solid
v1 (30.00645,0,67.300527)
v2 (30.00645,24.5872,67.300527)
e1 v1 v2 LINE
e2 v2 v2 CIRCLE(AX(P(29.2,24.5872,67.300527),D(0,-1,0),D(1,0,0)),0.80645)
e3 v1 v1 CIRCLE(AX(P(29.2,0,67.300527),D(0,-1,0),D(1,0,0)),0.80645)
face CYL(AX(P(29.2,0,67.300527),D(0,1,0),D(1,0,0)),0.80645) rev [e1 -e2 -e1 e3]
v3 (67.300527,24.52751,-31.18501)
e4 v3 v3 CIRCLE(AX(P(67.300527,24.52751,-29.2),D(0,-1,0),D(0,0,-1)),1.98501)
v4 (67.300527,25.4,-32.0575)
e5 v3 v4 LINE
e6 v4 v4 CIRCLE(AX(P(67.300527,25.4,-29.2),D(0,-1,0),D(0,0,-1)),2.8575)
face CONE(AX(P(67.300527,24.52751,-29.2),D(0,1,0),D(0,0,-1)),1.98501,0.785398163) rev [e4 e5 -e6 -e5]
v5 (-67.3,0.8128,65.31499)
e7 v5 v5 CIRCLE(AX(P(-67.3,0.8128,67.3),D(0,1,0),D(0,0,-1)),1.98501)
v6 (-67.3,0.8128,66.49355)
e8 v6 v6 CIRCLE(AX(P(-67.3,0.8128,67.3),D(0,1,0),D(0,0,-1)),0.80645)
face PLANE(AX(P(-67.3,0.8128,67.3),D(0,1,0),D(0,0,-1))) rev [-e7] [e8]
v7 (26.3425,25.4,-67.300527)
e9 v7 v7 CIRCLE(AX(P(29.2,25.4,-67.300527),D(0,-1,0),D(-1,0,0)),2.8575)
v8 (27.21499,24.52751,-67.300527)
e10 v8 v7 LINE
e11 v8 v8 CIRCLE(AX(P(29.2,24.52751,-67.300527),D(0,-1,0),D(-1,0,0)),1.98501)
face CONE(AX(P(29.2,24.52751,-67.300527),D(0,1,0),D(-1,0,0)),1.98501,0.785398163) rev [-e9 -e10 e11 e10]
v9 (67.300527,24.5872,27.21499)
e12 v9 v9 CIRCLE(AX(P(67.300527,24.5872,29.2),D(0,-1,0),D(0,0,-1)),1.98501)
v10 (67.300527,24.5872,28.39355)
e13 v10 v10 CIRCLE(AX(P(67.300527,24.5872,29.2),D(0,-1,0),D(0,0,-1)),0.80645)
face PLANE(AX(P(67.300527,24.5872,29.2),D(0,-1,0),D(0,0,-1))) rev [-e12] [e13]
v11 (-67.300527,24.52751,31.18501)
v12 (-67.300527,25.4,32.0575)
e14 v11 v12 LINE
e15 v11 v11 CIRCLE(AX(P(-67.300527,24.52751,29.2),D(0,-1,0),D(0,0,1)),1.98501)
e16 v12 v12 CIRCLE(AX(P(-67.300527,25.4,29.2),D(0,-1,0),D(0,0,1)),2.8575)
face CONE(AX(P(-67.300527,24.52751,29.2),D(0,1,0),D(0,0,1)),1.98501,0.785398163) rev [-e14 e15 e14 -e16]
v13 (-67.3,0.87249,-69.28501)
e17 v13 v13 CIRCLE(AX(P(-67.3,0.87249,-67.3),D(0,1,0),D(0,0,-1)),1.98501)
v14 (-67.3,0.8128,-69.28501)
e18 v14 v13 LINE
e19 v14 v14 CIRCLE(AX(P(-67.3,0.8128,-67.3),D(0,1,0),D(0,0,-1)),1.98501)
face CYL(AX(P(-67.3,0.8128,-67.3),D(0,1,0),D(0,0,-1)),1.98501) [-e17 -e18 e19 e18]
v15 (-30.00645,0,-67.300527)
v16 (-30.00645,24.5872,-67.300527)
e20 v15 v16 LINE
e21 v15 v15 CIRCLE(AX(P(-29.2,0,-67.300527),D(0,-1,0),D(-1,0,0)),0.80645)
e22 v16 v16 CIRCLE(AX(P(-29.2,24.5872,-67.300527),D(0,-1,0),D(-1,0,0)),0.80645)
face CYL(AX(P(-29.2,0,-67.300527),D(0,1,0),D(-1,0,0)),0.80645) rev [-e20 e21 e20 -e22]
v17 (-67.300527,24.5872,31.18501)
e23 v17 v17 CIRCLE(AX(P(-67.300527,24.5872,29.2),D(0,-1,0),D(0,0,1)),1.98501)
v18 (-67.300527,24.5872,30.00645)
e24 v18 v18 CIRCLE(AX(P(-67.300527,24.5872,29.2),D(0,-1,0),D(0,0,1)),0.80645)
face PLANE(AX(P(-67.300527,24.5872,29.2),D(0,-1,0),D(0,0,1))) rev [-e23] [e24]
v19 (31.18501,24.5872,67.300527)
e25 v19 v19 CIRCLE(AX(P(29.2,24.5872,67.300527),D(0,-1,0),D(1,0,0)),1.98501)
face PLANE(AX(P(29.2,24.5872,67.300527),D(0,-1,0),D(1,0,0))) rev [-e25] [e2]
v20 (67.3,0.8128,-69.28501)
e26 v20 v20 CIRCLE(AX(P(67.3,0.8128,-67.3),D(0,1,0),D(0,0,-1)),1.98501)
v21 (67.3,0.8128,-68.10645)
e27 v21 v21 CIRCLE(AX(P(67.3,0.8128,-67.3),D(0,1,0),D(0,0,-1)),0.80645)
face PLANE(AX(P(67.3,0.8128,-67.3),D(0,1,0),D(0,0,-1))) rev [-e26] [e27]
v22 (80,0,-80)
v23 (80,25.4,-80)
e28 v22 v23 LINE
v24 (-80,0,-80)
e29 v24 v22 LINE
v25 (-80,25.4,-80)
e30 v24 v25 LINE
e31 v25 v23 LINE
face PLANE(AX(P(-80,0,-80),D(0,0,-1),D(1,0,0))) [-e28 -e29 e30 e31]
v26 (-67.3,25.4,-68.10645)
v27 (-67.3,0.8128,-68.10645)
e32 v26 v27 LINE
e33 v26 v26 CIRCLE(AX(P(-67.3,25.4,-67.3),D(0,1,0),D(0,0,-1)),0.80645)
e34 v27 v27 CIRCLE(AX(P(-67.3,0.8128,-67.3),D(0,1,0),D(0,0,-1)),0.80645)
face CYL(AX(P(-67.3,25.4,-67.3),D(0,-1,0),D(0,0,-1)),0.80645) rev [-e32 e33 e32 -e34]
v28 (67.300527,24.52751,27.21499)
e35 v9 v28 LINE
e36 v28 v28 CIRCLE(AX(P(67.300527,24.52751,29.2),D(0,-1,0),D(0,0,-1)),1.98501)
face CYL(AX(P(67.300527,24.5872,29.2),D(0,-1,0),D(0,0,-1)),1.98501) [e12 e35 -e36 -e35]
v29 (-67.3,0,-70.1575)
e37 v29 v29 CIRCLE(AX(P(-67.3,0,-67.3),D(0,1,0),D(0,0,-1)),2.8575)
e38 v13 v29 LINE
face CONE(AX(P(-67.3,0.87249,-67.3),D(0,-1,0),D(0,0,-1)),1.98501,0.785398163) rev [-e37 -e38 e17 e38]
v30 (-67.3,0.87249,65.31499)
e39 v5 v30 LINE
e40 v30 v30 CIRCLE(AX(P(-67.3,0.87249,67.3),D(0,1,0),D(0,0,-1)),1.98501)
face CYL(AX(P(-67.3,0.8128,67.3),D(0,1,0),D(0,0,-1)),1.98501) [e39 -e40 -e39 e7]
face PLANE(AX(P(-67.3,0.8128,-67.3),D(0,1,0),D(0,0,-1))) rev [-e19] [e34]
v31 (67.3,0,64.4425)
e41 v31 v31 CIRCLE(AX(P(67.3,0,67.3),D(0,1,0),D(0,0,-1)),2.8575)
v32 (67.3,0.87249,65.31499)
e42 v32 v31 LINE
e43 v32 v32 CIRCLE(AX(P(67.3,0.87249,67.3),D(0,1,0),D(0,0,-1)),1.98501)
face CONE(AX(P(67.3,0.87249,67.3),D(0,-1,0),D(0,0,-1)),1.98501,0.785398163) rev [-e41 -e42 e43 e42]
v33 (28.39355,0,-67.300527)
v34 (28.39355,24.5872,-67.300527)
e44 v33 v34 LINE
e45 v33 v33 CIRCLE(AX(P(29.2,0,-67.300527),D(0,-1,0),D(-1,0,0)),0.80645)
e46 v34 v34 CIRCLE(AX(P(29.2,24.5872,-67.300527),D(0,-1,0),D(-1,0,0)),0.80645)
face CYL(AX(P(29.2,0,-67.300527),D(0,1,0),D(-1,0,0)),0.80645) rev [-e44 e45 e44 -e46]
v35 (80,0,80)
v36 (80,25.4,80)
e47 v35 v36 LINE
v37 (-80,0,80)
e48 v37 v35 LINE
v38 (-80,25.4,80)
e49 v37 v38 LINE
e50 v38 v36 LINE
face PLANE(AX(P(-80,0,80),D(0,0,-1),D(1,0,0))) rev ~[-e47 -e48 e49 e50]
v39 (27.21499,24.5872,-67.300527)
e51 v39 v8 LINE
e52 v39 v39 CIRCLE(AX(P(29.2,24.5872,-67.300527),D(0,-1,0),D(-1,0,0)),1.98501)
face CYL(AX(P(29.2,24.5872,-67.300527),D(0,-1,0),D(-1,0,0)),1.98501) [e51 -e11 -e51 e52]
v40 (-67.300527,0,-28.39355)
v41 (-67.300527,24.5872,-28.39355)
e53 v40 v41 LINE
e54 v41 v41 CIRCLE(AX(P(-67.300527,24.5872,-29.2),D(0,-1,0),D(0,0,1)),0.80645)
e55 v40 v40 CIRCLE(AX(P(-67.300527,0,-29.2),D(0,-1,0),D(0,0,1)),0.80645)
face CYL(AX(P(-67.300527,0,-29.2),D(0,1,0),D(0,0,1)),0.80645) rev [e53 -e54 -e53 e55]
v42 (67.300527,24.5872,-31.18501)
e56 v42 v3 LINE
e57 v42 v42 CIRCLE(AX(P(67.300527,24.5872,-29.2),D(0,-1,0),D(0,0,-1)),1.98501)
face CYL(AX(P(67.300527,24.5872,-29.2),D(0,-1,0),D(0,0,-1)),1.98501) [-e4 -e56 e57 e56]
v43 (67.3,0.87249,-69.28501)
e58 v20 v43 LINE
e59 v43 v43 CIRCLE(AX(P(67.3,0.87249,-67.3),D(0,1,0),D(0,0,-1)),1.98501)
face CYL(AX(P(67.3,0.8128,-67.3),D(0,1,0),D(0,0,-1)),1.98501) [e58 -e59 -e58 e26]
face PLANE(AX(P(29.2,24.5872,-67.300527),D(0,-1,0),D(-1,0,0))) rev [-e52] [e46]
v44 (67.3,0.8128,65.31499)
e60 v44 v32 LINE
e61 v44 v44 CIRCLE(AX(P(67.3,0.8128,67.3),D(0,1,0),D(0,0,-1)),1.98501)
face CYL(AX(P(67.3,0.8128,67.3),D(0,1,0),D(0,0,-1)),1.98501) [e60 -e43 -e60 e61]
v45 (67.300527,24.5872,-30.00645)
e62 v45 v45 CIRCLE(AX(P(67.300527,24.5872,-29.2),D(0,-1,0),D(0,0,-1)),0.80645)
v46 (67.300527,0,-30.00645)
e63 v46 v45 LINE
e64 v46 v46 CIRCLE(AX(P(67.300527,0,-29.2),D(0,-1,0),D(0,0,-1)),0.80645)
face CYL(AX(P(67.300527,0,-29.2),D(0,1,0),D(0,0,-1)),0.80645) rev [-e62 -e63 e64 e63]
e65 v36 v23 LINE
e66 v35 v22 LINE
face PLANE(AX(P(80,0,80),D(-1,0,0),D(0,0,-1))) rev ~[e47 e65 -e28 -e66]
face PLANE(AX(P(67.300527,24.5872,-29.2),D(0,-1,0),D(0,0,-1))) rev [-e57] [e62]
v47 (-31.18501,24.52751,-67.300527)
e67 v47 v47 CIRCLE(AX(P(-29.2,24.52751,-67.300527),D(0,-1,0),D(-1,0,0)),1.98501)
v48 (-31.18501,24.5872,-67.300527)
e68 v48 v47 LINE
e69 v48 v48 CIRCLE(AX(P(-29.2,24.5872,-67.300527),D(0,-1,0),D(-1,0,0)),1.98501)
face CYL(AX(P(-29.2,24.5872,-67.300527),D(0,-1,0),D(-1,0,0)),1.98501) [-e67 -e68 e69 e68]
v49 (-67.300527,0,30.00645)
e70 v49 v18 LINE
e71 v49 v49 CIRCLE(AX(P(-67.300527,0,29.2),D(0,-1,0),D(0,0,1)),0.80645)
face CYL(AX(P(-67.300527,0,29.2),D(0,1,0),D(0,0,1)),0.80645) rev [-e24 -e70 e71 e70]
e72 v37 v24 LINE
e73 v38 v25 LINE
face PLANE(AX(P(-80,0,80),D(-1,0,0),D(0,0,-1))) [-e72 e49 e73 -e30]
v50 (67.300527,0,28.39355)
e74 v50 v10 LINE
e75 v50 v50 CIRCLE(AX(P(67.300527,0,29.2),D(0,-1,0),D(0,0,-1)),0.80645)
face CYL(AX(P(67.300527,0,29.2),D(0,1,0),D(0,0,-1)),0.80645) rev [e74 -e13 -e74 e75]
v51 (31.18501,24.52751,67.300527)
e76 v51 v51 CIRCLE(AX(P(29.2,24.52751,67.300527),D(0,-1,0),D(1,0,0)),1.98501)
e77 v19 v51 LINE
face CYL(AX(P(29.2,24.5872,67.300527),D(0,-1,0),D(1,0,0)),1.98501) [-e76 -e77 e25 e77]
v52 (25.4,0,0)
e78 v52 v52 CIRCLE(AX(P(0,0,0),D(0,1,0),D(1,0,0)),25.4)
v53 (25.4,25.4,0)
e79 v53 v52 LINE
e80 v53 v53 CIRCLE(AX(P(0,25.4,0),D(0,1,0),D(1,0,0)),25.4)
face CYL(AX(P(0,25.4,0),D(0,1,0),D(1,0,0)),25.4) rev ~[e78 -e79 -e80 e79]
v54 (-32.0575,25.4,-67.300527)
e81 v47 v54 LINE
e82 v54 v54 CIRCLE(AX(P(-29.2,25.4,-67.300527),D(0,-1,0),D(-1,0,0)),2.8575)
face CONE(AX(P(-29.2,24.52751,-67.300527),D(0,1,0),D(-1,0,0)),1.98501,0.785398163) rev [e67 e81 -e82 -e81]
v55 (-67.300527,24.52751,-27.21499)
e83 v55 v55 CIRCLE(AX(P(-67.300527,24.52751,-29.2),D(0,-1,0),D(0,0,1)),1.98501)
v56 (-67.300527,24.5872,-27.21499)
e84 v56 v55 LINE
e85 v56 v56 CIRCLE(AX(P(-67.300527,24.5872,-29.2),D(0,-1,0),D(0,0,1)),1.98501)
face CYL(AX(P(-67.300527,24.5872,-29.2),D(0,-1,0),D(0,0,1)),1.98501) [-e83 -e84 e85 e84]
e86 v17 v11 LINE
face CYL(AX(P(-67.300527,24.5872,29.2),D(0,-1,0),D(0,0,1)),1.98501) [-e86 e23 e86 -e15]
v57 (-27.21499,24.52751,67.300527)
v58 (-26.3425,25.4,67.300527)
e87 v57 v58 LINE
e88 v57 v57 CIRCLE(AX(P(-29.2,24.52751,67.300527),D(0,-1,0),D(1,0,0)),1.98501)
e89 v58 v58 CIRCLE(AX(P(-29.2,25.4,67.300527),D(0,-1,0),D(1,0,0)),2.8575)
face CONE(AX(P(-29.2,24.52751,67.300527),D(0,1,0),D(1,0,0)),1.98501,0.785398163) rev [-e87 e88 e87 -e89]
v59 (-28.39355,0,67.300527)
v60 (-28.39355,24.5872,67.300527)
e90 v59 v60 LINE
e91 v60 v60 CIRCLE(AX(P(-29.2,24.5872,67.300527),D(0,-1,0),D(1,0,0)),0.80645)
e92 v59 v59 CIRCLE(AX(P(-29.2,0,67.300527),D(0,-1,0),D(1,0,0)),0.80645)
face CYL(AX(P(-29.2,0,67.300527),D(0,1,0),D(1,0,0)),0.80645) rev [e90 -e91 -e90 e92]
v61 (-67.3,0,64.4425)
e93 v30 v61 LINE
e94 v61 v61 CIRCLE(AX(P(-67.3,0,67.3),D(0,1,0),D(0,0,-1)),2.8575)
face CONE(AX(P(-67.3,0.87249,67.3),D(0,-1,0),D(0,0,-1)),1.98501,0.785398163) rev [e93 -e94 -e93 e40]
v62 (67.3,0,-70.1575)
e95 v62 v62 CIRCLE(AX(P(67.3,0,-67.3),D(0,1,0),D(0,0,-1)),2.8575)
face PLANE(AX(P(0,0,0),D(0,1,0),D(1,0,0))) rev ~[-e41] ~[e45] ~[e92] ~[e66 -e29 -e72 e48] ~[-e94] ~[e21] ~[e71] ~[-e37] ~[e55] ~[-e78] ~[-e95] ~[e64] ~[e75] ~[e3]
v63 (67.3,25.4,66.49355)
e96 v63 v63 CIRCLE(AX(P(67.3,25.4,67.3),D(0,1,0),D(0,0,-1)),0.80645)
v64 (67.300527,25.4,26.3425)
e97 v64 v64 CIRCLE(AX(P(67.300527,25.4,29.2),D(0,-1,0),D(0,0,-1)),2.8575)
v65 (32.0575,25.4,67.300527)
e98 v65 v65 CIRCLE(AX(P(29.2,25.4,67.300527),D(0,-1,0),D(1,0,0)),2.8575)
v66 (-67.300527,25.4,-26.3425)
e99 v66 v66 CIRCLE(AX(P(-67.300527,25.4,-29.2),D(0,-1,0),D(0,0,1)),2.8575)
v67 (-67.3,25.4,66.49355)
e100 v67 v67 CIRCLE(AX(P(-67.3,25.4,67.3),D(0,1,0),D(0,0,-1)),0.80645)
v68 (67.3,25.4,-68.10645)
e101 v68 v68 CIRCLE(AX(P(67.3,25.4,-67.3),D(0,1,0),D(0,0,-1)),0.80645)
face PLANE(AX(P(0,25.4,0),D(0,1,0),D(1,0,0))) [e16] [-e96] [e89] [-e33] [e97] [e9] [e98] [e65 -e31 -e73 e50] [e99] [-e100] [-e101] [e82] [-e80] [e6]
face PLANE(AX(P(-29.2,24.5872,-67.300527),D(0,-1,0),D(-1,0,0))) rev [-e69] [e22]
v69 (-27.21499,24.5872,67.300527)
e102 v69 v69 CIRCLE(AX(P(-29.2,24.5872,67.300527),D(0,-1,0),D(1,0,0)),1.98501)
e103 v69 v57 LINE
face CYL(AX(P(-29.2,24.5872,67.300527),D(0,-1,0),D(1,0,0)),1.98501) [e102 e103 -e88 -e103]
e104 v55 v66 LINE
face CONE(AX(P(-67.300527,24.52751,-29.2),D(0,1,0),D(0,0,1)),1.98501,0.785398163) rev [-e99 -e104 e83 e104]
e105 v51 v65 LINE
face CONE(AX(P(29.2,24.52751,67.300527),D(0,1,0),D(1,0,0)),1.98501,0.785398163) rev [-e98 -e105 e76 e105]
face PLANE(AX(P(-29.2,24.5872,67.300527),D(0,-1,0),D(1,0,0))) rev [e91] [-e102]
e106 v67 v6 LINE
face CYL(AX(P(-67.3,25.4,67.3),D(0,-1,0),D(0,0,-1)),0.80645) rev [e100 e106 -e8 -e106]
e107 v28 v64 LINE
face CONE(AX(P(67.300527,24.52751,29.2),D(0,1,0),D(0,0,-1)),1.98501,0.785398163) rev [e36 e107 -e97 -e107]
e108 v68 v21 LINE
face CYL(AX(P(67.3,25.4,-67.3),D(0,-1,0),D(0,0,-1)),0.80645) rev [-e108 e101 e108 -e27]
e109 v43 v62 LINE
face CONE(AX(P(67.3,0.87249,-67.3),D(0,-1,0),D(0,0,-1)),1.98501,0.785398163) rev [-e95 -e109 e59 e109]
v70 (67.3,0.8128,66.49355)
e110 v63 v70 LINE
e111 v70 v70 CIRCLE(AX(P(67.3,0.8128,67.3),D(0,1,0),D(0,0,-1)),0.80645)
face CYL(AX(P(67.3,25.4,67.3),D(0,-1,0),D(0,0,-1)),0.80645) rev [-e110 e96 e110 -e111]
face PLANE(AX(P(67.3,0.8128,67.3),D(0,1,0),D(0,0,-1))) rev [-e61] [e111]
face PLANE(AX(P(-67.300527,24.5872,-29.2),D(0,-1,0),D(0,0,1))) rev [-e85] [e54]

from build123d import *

# Parameters (mm, degrees)
SKETCH1_W                                   = 160
SKETCH1_H                                   = 160
BOSS_EXTRUDE1_DEPTH                         = 25.4
CBORE_FOR_0_BINDING_HEAD_MACHINE_SC_2_COUNT = 2
CBORE_FOR_0_BINDING_HEAD_MACHINE_SC_2_PITCH = 134.6
CBORE_FOR_0_BINDING_HEAD_MACHINE_SC_3_COUNT = 2
CBORE_FOR_0_BINDING_HEAD_MACHINE_SC_3_PITCH = 190.353145495
CBORE_FOR_0_BINDING_HEAD_MACHINE_SC_4_COUNT = 2
CBORE_FOR_0_BINDING_HEAD_MACHINE_SC_4_PITCH = 134.6
CBORE_FOR_0_BINDING_HEAD_MACHINE_SC_5_COUNT = 2
CBORE_FOR_0_BINDING_HEAD_MACHINE_SC_5_PITCH = 58.400000007
CIRPATTERN1_COUNT                           = 4
SKETCH6_R                                   = 25.4
CUT_EXTRUDE1_DEPTH                          = 116.953266448


with BuildPart() as part:
    # Sketch1 → Boss-Extrude1 (new body)
    with BuildSketch(Plane(origin=(0, 0, 0), x_dir=(1, 0, 0), z_dir=(0, 1, 0))):
        Rectangle(SKETCH1_W, SKETCH1_H)
    extrude(amount=BOSS_EXTRUDE1_DEPTH)

    # Sketch3 → CBORE for #0 Binding Head Machine Screw1 (revolve, cut)
    with BuildSketch(Plane(origin=(-67.3, 0, -67.3), x_dir=(0, 0, -1), z_dir=(1, 0, 0))):
        Polygon((0, 0), (0, 25.4), (0.80645, 25.4), (0.80645, 0.8128), (1.98501, 0.8128), (1.98501, 0.87249), (2.8575, 0), align=None)
    cbore_for_0_binding_head_machine_screw1 = revolve(axis=Axis((-67.3, -6.35, -67.3), (0, 1, 0)), mode=Mode.SUBTRACT)

    # CBORE for _0 Binding Head Machine Sc 2: CBORE for #0 Binding Head Machine Screw1 ×2
    with Locations(*[(i * CBORE_FOR_0_BINDING_HEAD_MACHINE_SC_2_PITCH, 0, 0) for i in range(1, CBORE_FOR_0_BINDING_HEAD_MACHINE_SC_2_COUNT)]):
        add(cbore_for_0_binding_head_machine_screw1, mode=Mode.SUBTRACT)

    # CBORE for _0 Binding Head Machine Sc 3: CBORE for #0 Binding Head Machine Screw1 ×2
    with Locations(*[Vector(0.7071067811865475, 0, 0.7071067811865476) * (i * CBORE_FOR_0_BINDING_HEAD_MACHINE_SC_3_PITCH) for i in range(1, CBORE_FOR_0_BINDING_HEAD_MACHINE_SC_3_COUNT)]):
        add(cbore_for_0_binding_head_machine_screw1, mode=Mode.SUBTRACT)

    # CBORE for _0 Binding Head Machine Sc 4: CBORE for #0 Binding Head Machine Screw1 ×2
    with Locations(*[(0, 0, i * CBORE_FOR_0_BINDING_HEAD_MACHINE_SC_4_PITCH) for i in range(1, CBORE_FOR_0_BINDING_HEAD_MACHINE_SC_4_COUNT)]):
        add(cbore_for_0_binding_head_machine_screw1, mode=Mode.SUBTRACT)

    # Sketch5 → CBORE for #0 Binding Head Machine Screw2 (revolve, cut)
    with BuildSketch(Plane(origin=(-67.300526968, 25.4, -29.200000004), x_dir=(0, 0, 1), z_dir=(1, 0, 0))):
        Polygon((0, 0), (0, 25.4), (0.80645, 25.4), (0.80645, 0.8128), (1.98501, 0.8128), (1.98501, 0.87249), (2.8575, 0), align=None)
    cbore_for_0_binding_head_machine_screw2 = revolve(axis=Axis((-67.300526968, 31.75, -29.200000004), (0, -1, 0)), mode=Mode.SUBTRACT)

    # CBORE for _0 Binding Head Machine Sc 5: CBORE for #0 Binding Head Machine Screw2 ×2
    with Locations(*[(0, 0, i * CBORE_FOR_0_BINDING_HEAD_MACHINE_SC_5_PITCH) for i in range(1, CBORE_FOR_0_BINDING_HEAD_MACHINE_SC_5_COUNT)]):
        add(cbore_for_0_binding_head_machine_screw2, mode=Mode.SUBTRACT)

    # CirPattern1: CBORE for #0 Binding Head Machine Screw2 ×4 about axis
    cirpattern1_axis = Axis((0, 26.67, 0), (0, -1, 0))
    for i in range(1, CIRPATTERN1_COUNT):
        add(cbore_for_0_binding_head_machine_screw2.rotate(cirpattern1_axis, i * 360 / CIRPATTERN1_COUNT), mode=Mode.SUBTRACT)

    # CirPattern1 copy 1 sketch → CirPattern1 copy 1 (revolve, cut)
    with BuildSketch(Plane(origin=(-29.200000004, 25.4, -67.300526968), x_dir=(-1, 0, 0), z_dir=(0, 0, 1))):
        Polygon((0, 0), (0, 25.4), (0.80645, 25.4), (0.80645, 0.8128), (1.98501, 0.8128), (1.98501, 0.87249), (2.8575, 0), align=None)
    revolve(axis=Axis((-29.200000004, 31.75, -67.300526968), (0, -1, 0)), mode=Mode.SUBTRACT)

    # CirPattern1 copy 2 sketch → CirPattern1 copy 2 (revolve, cut)
    with BuildSketch(Plane(origin=(67.300526968, 25.4, -29.200000004), x_dir=(0, 0, -1), z_dir=(-1, 0, 0))):
        Polygon((0, 0), (0, 25.4), (0.80645, 25.4), (0.80645, 0.8128), (1.98501, 0.8128), (1.98501, 0.87249), (2.8575, 0), align=None)
    revolve(axis=Axis((67.300526968, 31.75, -29.200000004), (0, -1, 0)), mode=Mode.SUBTRACT)

    # CirPattern1 copy 3 sketch → CirPattern1 copy 3 (revolve, cut)
    with BuildSketch(Plane(origin=(29.200000004, 25.4, 67.300526968), x_dir=(1, 0, 0), z_dir=(0, 0, -1))):
        Polygon((0, 0), (0, 25.4), (0.80645, 25.4), (0.80645, 0.8128), (1.98501, 0.8128), (1.98501, 0.87249), (2.8575, 0), align=None)
    revolve(axis=Axis((29.200000004, 31.75, 67.300526968), (0, -1, 0)), mode=Mode.SUBTRACT)

    # Sketch6 → Cut-Extrude1 (cut, through all)
    with BuildSketch(Plane(origin=(0, 25.4, 0), x_dir=(1, 0, 0), z_dir=(0, 1, 0))):
        Circle(SKETCH6_R)
    extrude(amount=-CUT_EXTRUDE1_DEPTH, mode=Mode.SUBTRACT)


solid = part.part
